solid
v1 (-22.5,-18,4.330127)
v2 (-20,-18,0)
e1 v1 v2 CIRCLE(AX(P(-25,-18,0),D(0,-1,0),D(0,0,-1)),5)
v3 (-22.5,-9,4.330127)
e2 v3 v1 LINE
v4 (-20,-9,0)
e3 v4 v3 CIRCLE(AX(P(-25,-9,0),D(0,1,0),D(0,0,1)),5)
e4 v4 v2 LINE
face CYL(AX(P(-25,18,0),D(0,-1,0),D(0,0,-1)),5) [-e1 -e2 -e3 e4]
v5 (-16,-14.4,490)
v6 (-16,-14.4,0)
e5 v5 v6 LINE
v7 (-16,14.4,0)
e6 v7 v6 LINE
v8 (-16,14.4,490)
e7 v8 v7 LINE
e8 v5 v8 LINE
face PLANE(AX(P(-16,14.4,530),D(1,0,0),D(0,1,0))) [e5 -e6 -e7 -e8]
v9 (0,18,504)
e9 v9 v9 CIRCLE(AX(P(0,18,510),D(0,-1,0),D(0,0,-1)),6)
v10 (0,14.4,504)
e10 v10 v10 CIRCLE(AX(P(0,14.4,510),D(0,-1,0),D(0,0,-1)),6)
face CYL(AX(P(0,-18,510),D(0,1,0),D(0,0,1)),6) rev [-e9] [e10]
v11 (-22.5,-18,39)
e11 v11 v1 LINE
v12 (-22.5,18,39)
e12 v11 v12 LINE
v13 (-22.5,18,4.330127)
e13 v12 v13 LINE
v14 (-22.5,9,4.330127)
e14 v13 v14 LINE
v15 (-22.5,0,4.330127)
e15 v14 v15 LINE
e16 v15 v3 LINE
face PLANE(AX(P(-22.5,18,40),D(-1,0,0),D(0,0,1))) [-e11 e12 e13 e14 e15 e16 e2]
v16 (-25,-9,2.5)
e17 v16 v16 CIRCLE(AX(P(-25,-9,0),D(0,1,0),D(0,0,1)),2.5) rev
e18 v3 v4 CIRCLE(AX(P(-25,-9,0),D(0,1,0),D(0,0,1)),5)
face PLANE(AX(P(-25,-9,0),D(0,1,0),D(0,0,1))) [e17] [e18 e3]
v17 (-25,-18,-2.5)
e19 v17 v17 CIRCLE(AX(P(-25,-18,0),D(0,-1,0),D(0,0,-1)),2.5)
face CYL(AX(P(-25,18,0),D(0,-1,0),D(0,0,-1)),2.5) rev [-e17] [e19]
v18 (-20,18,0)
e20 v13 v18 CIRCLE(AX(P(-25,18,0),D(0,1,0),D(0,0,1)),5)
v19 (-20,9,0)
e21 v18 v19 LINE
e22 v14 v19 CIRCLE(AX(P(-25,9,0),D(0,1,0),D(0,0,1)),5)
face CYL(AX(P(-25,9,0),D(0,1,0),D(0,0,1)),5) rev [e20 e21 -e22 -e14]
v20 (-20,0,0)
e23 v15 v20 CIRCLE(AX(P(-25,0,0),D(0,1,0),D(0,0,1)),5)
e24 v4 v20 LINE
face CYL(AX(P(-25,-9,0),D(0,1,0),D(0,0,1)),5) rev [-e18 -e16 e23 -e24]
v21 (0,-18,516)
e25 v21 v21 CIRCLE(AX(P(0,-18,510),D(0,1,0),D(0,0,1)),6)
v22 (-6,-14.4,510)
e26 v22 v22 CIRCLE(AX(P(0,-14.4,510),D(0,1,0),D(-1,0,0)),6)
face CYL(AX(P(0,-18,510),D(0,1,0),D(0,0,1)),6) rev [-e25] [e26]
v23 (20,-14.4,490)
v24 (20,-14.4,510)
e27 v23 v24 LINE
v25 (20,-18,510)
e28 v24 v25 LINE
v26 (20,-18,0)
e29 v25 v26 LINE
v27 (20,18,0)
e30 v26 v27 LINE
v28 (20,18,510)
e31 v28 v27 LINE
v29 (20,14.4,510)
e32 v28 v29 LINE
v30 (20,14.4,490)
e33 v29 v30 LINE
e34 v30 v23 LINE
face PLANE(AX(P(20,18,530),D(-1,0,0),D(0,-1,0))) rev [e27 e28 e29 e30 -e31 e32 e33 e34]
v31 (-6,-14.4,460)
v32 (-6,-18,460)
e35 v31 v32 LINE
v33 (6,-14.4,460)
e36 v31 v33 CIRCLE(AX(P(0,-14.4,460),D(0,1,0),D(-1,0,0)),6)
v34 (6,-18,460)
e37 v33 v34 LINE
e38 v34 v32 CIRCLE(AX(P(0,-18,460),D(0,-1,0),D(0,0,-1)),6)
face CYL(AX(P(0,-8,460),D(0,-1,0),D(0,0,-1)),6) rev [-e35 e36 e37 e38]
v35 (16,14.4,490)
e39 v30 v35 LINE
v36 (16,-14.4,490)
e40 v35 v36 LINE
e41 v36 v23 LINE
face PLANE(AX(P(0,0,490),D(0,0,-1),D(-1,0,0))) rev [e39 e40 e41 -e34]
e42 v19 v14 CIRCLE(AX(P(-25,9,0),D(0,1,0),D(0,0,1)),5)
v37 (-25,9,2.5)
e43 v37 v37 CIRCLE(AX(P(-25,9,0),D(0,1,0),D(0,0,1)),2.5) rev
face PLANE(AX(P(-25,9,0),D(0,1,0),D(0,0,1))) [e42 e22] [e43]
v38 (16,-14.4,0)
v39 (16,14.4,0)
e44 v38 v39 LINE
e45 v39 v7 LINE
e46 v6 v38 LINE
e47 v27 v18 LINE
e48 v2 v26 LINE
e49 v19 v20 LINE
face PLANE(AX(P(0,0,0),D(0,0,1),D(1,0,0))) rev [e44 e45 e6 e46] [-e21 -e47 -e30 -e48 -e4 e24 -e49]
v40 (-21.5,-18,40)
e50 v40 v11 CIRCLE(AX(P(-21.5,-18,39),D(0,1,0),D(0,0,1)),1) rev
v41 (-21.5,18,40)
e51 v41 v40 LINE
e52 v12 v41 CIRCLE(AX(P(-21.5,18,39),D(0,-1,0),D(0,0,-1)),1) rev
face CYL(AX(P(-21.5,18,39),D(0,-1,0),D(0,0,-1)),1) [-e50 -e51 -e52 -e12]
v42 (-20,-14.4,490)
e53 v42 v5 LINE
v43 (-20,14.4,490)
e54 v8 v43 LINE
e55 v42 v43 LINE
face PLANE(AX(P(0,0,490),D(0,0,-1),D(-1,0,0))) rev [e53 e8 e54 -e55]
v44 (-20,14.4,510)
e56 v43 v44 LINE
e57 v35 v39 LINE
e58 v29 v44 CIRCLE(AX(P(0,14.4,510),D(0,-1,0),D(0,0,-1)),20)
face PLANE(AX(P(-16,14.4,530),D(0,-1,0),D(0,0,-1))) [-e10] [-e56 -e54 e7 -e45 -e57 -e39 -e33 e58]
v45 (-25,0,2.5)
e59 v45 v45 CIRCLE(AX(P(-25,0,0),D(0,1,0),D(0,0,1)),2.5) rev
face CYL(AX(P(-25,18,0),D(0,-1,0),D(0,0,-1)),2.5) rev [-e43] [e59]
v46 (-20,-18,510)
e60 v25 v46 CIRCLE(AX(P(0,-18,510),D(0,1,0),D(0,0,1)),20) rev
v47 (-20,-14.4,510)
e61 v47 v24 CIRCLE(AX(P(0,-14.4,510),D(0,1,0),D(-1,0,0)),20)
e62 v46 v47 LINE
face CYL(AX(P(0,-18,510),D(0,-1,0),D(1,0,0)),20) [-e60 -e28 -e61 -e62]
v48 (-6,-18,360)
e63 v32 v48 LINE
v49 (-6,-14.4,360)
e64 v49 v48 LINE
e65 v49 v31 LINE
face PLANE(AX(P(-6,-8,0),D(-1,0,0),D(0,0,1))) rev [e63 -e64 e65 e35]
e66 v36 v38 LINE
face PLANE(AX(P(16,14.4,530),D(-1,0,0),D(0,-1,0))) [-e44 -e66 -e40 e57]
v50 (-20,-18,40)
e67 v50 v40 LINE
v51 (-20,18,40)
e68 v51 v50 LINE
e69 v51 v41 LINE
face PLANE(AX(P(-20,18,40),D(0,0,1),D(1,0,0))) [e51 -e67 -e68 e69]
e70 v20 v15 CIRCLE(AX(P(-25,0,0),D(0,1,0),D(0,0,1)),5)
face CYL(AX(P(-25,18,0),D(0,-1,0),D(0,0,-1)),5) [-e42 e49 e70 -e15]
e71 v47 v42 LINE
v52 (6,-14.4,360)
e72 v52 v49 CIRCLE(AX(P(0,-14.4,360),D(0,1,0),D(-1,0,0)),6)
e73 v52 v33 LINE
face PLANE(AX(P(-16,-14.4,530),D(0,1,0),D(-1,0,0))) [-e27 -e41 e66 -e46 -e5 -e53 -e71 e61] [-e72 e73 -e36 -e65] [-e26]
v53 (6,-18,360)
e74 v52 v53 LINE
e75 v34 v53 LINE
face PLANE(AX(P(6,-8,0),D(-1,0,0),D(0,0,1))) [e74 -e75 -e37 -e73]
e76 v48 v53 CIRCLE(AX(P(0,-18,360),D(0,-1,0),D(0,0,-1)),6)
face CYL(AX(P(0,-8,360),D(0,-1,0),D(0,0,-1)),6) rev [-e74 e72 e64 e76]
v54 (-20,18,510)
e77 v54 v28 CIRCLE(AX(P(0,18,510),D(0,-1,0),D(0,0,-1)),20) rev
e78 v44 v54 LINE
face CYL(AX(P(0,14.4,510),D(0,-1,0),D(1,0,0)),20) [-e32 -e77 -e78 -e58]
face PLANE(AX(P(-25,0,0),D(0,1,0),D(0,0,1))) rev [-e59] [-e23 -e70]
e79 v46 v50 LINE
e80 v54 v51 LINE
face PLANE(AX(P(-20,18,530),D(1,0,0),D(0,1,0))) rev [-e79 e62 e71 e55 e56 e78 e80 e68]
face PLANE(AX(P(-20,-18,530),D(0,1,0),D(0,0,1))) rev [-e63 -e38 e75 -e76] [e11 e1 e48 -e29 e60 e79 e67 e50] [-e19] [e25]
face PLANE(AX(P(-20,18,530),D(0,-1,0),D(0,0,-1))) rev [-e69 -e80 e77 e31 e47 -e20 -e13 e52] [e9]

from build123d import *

# Parameters (mm, degrees)
SKETCH1_W               = 40
SKETCH1_H               = 36
SKETCH1_W_2             = 32
SKETCH1_H_2             = 28.8
BOSS_EXTRUDE1_DEPTH     = 530
SKETCH2_W               = 50
SKETCH2_H               = 28.8
CUT_EXTRUDE1_DEPTH      = 40
FILLET2_RADIUS          = 20
FILLET2_LENGTH          = 3.6
FILLET3_RADIUS          = 20
FILLET3_LENGTH          = 3.6
CUT_EXTRUDE2_DEPTH      = 532.597592169
CUT_EXTRUDE2_DEPTH_BACK = 532.597592169
SKETCH3_R               = 6
CUT_EXTRUDE3_DEPTH      = 10
SKETCH12_R              = 2.5
BOSS_EXTRUDE3_DEPTH     = 36
CUT_EXTRUDE6_START      = -9
SKETCH13_R              = 5
CUT_EXTRUDE6_DEPTH      = 9
CUT_EXTRUDE7_START      = -9
SKETCH14_R              = 5
CUT_EXTRUDE7_DEPTH      = 9
FILLET6_R               = 1


with BuildPart() as part:
    # Sketch1 → Boss-Extrude1 (new body)
    with BuildSketch(Plane.XY):
        Rectangle(SKETCH1_W, SKETCH1_H)
        Rectangle(SKETCH1_W_2, SKETCH1_H_2, mode=Mode.SUBTRACT)
    extrude(amount=BOSS_EXTRUDE1_DEPTH)

    # Sketch2 → Cut-Extrude1 (cut)
    with BuildSketch(Plane.XY.offset(530)):
        Rectangle(SKETCH2_W, SKETCH2_H)
    extrude(amount=-CUT_EXTRUDE1_DEPTH, mode=Mode.SUBTRACT)

    # Fillet2: full round fillet: the end face becomes a half cylinder, R = half its width
    fillet2_face = Plane((0, -16.2, 530), x_dir=(0, -1, 0), z_dir=(0, 0, 1))  # on the end face: x along it, z out of the body
    fillet2_slab = fillet2_face.offset(-FILLET2_RADIUS / 2) * Box(FILLET2_LENGTH, 2 * FILLET2_RADIUS, FILLET2_RADIUS, mode=Mode.PRIVATE)  # the body's end, R deep
    fillet2_round = Plane((0, -16.2, 510), x_dir=(0, 0, 1), z_dir=(0, -1, 0)) * Cylinder(FILLET2_RADIUS, FILLET2_LENGTH, mode=Mode.PRIVATE)  # its axis R under the face
    add(fillet2_slab - fillet2_round, mode=Mode.SUBTRACT)

    # Fillet3: full round fillet: the end face becomes a half cylinder, R = half its width
    fillet3_face = Plane((0, 16.2, 530), x_dir=(0, -1, 0), z_dir=(0, 0, 1))  # on the end face: x along it, z out of the body
    fillet3_slab = fillet3_face.offset(-FILLET3_RADIUS / 2) * Box(FILLET3_LENGTH, 2 * FILLET3_RADIUS, FILLET3_RADIUS, mode=Mode.PRIVATE)  # the body's end, R deep
    fillet3_round = Plane((0, 16.2, 510), x_dir=(0, 0, 1), z_dir=(0, -1, 0)) * Cylinder(FILLET3_RADIUS, FILLET3_LENGTH, mode=Mode.PRIVATE)  # its axis R under the face
    add(fillet3_slab - fillet3_round, mode=Mode.SUBTRACT)

    # Sketch3 → Cut-Extrude2 (cut, two sides: drawn at the far end of the back side and taken through both)
    with BuildSketch(Plane(origin=(0, 18, 0), x_dir=(1, 0, 0), z_dir=(0, 1, 0)).offset(-CUT_EXTRUDE2_DEPTH_BACK)):
        with Locations(Location((0, -510, 0), (0, 0, 270))):
            Circle(SKETCH3_R)
    extrude(amount=CUT_EXTRUDE2_DEPTH + CUT_EXTRUDE2_DEPTH_BACK, mode=Mode.SUBTRACT)

    # Sketch6 → Cut-Extrude3 (cut)
    with BuildSketch(Plane.XZ.offset(18)):
        with BuildLine():
            ThreePointArc((6, 460), (0, 466), (-6, 460))
            Line((-6, 460), (-6, 360))
            ThreePointArc((-6, 360), (0, 354), (6, 360))
            Line((6, 360), (6, 460))
        make_face()
    extrude(amount=-CUT_EXTRUDE3_DEPTH, mode=Mode.SUBTRACT)

    # Sketch12 → Boss-Extrude3 (add)
    with BuildSketch(Plane.XZ.offset(18)):
        with BuildLine():
            Line((-20, 0), (-20, 40))
            Line((-20, 40), (-22.5, 40))
            Line((-22.5, 40), (-22.5, 4.330127019))
            ThreePointArc((-22.5, 4.330127019), (-29.330127019, -2.5), (-20, 0))
        make_face()
        with Locations(Location((-25, 0, 0), (0, 0, 270))):
            Circle(SKETCH12_R, mode=Mode.SUBTRACT)
    extrude(amount=-BOSS_EXTRUDE3_DEPTH)

    # Sketch13 → Cut-Extrude6 (cut)
    with BuildSketch(Plane(origin=(0, 18, 0), x_dir=(1, 0, 0), z_dir=(0, 1, 0)).offset(CUT_EXTRUDE6_START)):
        with Locations((-25, 0)):
            Circle(SKETCH13_R)
    extrude(amount=CUT_EXTRUDE6_DEPTH, mode=Mode.SUBTRACT)

    # Sketch14 → Cut-Extrude7 (cut)
    with BuildSketch(Plane(origin=(0, 0, 0), x_dir=(1, 0, 0), z_dir=(0, 1, 0)).offset(CUT_EXTRUDE7_START)):
        with Locations((-25, 0)):
            Circle(SKETCH14_R)
    extrude(amount=CUT_EXTRUDE7_DEPTH, mode=Mode.SUBTRACT)

    # Fillet6
    fillet6_edges = [part.edges().sort_by_distance(p)[0] for p in [
        (-22.5, 0, 40),
    ]]
    fillet(fillet6_edges, radius=FILLET6_R)


solid = part.part
